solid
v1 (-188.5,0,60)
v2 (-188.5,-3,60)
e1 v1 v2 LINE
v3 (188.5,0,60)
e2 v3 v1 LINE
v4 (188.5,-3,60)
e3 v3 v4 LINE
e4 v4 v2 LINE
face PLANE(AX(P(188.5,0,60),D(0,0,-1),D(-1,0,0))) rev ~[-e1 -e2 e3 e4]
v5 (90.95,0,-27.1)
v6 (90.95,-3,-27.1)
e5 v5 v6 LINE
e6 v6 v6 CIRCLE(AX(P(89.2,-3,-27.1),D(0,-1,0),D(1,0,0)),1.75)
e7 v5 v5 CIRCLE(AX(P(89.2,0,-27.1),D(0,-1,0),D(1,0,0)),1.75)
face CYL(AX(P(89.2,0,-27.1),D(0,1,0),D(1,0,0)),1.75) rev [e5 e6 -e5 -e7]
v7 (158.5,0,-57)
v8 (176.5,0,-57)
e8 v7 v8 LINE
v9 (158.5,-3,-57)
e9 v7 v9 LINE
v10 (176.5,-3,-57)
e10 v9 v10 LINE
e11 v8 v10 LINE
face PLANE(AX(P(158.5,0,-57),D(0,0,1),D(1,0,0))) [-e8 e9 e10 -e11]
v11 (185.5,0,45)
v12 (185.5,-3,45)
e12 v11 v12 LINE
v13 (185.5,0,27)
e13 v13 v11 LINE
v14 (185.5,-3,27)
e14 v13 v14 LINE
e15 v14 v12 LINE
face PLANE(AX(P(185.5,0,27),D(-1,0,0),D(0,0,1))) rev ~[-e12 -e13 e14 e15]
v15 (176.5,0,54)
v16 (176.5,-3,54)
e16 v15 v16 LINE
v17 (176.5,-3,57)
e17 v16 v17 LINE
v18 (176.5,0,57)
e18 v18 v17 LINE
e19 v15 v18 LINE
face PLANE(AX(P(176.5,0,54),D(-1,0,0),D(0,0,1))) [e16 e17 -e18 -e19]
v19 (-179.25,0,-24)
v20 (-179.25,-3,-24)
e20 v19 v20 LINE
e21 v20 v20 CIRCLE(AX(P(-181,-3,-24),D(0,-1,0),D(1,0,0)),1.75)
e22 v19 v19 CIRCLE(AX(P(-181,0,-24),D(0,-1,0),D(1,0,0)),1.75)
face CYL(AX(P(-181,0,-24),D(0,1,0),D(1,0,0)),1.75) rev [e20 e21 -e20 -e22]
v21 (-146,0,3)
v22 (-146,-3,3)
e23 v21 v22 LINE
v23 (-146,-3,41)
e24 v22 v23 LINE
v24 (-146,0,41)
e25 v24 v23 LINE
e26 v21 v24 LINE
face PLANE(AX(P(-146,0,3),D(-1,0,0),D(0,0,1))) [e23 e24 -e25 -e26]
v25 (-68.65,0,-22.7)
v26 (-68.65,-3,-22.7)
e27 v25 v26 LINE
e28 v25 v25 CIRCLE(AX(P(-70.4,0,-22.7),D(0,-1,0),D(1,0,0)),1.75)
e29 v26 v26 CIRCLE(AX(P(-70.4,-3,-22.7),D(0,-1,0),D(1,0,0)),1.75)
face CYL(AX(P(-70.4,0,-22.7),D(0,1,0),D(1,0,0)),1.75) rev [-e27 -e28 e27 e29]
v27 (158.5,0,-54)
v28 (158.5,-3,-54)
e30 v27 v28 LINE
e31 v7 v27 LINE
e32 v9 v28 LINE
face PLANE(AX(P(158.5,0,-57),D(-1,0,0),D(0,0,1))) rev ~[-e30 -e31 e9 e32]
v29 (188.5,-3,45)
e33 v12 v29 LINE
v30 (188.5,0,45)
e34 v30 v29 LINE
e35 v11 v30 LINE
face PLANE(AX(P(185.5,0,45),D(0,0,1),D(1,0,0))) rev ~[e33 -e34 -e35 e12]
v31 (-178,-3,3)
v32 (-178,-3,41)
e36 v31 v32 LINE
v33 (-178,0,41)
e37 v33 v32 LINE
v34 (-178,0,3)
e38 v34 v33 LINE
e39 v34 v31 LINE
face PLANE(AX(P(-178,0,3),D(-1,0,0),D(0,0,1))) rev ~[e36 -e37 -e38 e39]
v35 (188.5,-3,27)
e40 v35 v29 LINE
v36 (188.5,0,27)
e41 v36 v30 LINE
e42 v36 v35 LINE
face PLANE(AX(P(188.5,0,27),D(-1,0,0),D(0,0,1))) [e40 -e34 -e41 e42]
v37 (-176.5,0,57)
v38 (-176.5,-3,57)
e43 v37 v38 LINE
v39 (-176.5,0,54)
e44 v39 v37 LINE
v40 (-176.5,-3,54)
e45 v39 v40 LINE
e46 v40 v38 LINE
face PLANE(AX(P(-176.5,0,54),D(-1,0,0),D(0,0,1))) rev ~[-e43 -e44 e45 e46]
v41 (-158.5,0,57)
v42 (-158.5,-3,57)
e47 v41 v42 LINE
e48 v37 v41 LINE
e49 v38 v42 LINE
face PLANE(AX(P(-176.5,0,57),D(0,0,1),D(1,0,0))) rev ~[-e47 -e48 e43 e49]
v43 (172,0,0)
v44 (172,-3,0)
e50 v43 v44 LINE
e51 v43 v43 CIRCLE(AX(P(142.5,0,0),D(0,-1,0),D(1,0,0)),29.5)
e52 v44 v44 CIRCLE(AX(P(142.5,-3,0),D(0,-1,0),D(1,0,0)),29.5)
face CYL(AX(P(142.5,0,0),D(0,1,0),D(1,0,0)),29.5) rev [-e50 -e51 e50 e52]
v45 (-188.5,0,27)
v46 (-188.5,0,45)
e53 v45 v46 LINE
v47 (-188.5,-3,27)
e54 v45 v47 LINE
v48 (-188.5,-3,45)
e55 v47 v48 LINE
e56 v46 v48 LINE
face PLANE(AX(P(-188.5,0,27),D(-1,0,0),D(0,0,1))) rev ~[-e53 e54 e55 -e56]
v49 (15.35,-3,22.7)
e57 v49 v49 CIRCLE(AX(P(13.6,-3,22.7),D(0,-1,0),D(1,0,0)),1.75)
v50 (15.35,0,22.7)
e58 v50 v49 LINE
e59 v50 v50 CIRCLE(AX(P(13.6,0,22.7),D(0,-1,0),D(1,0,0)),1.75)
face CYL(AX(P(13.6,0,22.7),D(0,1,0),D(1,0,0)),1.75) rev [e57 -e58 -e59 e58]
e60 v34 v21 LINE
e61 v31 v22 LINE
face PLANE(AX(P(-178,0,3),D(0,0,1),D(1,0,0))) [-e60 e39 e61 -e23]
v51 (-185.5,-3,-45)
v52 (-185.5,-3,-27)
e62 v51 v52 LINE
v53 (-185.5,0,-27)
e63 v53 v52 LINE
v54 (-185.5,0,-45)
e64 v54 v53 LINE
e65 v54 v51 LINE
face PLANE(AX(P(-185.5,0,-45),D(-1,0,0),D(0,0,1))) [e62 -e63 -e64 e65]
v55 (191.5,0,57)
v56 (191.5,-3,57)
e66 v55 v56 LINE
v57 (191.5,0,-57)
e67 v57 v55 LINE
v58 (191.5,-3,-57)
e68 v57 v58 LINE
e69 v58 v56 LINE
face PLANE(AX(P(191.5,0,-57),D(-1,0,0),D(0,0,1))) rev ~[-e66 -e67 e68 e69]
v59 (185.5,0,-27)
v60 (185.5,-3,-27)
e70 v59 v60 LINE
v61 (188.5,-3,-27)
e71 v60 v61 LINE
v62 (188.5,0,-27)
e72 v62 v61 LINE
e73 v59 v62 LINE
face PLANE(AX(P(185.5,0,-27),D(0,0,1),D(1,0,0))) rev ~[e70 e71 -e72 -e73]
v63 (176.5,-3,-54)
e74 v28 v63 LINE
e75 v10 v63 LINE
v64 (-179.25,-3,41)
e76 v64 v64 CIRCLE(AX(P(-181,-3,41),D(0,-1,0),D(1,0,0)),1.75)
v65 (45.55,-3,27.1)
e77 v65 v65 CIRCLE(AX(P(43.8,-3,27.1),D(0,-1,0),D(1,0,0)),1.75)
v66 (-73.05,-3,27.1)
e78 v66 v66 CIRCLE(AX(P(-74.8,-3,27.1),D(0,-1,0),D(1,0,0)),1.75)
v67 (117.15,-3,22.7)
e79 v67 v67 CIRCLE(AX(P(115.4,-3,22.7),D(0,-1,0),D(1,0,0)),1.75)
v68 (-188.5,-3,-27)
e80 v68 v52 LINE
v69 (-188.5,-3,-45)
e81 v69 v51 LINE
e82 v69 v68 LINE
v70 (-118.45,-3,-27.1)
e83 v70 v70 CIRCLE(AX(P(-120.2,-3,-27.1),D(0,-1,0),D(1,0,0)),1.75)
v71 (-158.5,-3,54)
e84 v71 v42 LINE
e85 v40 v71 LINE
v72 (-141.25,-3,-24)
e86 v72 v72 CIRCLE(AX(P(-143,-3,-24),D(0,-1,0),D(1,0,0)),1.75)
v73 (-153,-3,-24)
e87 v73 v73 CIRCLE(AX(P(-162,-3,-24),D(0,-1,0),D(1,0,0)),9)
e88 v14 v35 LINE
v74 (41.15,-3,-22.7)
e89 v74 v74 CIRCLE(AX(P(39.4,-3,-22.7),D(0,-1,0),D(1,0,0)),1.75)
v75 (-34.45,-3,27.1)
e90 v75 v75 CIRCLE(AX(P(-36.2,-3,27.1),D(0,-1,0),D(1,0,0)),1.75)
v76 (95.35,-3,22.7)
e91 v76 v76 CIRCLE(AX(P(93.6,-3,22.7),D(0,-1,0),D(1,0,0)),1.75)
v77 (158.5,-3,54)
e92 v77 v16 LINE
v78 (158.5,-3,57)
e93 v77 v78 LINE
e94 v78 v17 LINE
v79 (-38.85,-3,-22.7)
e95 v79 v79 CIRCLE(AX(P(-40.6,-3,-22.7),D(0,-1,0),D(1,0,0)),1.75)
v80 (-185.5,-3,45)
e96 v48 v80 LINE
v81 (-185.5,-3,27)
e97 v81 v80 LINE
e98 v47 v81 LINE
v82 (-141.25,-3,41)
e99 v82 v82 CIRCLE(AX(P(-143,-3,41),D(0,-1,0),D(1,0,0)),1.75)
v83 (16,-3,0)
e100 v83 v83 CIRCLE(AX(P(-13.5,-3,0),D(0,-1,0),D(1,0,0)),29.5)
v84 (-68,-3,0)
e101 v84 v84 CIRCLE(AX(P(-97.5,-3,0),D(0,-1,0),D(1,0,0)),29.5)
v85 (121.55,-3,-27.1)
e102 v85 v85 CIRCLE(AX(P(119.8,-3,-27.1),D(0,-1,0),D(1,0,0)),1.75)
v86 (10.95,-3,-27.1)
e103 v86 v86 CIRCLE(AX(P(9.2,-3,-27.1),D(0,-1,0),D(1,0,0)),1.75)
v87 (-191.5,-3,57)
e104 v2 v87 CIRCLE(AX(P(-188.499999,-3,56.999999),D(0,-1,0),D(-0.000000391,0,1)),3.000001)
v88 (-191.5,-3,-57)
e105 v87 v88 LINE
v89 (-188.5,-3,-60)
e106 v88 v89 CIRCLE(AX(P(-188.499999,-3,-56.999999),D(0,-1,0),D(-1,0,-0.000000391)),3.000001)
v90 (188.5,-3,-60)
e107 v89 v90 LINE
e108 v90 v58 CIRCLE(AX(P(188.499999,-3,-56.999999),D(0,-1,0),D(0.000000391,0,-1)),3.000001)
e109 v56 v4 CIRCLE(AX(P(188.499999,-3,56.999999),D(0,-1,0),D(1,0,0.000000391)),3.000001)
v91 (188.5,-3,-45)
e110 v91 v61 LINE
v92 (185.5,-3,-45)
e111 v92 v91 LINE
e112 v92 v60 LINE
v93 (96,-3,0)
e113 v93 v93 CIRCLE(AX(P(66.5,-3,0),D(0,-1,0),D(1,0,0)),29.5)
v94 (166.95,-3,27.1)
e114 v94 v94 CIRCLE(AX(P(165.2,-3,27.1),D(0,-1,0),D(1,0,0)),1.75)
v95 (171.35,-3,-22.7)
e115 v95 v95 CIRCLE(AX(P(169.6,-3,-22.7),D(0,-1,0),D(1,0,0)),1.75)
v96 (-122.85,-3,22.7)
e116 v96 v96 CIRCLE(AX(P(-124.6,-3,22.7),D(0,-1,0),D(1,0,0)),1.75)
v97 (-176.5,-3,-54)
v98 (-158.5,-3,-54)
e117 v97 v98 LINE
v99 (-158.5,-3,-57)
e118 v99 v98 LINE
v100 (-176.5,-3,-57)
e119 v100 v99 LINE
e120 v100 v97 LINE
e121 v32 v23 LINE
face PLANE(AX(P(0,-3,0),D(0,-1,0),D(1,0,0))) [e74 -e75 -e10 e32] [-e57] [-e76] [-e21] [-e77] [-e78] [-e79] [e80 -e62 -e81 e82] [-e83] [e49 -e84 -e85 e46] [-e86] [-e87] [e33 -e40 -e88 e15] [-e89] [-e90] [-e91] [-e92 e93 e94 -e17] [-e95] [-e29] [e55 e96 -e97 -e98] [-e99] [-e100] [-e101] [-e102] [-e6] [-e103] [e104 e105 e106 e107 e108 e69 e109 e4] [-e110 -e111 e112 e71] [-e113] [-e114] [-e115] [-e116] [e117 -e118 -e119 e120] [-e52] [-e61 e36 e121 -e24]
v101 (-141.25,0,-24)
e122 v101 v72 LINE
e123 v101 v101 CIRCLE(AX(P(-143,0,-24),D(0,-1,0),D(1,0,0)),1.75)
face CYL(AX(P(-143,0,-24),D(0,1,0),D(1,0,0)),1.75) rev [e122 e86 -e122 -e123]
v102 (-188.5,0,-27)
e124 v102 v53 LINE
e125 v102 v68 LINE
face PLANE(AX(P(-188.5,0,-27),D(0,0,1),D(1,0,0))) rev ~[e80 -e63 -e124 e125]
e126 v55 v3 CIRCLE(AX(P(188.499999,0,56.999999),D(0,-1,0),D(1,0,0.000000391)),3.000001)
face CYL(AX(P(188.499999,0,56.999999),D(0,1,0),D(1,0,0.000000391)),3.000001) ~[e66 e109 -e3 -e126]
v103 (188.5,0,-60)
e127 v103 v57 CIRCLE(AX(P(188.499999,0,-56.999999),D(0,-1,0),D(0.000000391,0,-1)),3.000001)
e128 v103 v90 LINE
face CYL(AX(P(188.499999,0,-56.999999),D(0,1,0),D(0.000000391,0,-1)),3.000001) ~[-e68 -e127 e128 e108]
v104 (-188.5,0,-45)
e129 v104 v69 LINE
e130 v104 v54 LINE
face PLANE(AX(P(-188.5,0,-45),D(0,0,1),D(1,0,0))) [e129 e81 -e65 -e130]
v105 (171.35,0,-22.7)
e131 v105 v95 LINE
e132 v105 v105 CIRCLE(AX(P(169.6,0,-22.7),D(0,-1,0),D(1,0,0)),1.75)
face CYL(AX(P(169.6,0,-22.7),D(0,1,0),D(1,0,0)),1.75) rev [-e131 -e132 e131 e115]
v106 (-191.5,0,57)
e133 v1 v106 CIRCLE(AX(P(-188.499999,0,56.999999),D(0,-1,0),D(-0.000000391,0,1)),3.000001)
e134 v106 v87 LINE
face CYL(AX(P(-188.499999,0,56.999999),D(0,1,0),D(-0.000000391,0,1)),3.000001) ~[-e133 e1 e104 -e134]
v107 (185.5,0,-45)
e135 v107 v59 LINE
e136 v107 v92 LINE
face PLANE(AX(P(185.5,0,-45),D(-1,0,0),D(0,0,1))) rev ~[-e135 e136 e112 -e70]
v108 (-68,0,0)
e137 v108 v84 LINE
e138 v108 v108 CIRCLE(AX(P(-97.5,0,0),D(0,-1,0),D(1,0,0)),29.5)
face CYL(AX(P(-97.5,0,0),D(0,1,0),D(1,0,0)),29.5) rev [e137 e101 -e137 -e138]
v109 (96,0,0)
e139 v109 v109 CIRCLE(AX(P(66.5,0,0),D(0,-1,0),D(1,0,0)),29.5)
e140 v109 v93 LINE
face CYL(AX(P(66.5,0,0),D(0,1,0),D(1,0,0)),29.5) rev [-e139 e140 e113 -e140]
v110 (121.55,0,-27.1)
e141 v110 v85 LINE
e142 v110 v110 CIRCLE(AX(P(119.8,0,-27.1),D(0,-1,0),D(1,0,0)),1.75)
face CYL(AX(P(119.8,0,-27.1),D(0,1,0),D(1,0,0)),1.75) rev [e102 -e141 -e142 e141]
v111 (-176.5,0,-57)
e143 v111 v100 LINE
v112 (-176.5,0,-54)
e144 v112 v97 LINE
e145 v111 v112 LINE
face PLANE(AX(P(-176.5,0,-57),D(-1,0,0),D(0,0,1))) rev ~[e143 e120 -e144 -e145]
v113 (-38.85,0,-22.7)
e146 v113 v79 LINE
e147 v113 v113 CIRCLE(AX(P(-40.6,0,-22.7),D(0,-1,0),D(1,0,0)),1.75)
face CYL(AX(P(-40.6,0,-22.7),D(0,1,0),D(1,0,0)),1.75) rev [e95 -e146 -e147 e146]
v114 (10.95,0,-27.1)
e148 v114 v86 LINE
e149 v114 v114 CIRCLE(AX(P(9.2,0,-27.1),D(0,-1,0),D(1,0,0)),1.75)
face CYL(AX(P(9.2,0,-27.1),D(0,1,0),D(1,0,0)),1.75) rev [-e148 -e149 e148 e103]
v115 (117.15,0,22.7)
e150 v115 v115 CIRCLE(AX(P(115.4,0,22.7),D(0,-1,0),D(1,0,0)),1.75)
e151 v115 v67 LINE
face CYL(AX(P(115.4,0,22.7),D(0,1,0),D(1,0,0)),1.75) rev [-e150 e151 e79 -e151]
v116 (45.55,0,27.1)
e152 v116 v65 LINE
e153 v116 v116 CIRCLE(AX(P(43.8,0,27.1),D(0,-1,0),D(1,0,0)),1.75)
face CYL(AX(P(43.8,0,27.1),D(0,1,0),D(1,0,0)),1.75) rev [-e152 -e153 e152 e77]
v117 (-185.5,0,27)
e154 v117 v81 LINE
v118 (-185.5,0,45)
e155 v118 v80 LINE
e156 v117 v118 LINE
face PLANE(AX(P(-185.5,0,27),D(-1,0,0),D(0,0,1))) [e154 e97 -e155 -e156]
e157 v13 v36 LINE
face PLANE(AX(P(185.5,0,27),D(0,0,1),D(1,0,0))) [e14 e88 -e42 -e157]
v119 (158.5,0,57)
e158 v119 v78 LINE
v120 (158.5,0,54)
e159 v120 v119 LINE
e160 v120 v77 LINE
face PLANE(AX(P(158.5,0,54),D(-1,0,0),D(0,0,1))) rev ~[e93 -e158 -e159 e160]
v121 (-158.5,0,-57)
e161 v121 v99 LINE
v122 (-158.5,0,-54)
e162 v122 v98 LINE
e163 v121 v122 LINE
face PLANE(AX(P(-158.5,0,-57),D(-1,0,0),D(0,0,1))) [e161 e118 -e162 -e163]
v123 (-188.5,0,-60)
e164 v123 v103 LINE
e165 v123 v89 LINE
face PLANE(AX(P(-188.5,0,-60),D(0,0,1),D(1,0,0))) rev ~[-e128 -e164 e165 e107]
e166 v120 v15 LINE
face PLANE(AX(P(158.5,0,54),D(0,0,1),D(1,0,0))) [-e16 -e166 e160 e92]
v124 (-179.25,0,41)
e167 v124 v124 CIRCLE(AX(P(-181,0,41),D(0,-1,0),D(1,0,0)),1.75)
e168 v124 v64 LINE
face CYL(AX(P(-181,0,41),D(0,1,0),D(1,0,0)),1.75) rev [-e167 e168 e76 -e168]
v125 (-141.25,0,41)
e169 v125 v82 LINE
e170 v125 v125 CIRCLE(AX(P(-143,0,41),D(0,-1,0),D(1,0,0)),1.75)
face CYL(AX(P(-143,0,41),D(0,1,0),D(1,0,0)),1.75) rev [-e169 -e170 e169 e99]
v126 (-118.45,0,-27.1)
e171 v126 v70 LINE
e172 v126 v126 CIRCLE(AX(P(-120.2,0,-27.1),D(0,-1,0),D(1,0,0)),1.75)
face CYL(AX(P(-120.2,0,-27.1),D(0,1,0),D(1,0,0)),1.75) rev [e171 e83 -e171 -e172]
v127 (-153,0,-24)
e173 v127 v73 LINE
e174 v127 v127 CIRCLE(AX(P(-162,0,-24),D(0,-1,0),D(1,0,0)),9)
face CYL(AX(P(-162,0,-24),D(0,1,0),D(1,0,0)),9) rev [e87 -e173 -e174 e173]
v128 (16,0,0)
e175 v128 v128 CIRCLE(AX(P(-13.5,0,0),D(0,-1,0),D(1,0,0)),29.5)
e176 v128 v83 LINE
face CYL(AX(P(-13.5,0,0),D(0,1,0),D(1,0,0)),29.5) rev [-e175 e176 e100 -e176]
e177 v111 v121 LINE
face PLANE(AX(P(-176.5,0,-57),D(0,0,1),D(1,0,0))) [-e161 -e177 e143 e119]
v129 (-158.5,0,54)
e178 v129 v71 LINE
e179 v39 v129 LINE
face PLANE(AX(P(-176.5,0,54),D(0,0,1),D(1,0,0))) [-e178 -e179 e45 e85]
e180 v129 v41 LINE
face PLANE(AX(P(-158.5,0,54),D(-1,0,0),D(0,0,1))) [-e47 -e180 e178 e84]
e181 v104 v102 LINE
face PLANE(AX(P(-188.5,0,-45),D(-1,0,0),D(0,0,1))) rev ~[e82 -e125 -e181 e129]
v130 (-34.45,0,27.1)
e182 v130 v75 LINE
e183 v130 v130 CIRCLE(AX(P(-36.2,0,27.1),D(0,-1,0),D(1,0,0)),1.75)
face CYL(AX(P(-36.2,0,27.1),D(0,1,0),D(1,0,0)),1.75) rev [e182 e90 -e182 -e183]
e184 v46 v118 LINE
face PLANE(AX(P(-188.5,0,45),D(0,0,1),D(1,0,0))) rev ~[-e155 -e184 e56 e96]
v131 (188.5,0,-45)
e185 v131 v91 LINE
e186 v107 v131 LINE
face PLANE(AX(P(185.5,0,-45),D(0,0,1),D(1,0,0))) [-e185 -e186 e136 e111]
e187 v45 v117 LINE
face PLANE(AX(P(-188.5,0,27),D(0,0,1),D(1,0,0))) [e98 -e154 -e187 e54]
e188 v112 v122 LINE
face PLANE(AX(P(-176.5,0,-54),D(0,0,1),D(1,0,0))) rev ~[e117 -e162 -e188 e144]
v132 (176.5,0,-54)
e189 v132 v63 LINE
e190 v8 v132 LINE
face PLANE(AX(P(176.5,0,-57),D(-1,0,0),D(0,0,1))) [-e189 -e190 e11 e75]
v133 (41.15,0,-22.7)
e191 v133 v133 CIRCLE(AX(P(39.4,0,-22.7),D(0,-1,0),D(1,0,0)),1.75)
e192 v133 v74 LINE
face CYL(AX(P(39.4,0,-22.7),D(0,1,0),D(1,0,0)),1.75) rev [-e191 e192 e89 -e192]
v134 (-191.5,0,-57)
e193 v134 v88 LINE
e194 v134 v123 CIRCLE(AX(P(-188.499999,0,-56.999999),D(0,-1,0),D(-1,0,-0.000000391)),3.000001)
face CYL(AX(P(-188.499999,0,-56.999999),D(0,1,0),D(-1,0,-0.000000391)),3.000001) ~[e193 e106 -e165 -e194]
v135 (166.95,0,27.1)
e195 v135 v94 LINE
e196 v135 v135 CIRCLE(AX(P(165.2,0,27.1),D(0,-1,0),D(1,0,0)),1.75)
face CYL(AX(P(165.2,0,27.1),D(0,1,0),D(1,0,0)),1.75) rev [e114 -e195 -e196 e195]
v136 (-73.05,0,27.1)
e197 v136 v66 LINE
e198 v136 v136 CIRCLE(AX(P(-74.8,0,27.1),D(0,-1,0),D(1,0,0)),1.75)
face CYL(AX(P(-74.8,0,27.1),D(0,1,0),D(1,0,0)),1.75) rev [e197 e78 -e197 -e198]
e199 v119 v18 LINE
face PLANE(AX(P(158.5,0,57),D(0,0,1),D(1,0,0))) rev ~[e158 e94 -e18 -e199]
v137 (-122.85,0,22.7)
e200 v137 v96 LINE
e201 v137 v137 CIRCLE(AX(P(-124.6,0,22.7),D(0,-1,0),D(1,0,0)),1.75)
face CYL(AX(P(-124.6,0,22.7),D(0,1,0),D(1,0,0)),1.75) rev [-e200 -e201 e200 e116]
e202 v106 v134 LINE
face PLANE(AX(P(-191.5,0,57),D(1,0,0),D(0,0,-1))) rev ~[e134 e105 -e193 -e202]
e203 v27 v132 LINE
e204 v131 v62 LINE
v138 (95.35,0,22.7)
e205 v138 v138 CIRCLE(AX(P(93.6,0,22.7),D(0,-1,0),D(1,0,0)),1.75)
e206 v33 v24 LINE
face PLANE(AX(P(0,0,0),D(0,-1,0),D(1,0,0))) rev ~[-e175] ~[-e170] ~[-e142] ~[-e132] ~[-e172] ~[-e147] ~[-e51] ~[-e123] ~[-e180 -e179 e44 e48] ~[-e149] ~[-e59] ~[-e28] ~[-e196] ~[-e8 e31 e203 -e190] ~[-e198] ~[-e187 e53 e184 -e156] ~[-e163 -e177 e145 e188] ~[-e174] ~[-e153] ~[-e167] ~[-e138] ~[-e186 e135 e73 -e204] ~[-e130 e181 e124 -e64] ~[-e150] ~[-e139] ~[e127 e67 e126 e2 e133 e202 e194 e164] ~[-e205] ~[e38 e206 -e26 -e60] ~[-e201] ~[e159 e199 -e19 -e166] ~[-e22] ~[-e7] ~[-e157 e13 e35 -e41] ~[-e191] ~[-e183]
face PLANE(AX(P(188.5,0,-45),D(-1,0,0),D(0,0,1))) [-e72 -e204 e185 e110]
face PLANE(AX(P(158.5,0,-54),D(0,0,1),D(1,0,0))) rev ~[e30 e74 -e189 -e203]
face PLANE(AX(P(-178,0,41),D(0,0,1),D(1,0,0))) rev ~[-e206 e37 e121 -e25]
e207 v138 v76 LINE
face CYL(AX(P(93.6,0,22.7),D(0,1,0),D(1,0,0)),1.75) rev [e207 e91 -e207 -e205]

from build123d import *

# Parameters (mm, degrees)
F0_W     = 18
F0_H     = 3
F0_W_2   = 3
F0_H_2   = 18
F0_R     = 1.75
F0_R_2   = 9
F0_R_3   = 29.5
F0_W_3   = 32
F0_H_3   = 38
F1_DEPTH = 3


with BuildPart() as f1:
    # F0 (on Front) → F1 (new body)
    with BuildSketch(Plane.XZ):
        with BuildLine():
            Line((188.5, 60), (-188.5, 60))
            ThreePointArc((-188.5, 60), (-190.62132, 59.12132), (-191.5, 57))
            Line((-191.5, 57), (-191.5, -57))
            ThreePointArc((-191.5, -57), (-190.62132, -59.12132), (-188.5, -60))
            Line((-188.5, -60), (188.5, -60))
            ThreePointArc((188.5, -60), (190.62132, -59.12132), (191.5, -57))
            Line((191.5, -57), (191.5, 57))
            ThreePointArc((191.5, 57), (190.62132, 59.12132), (188.5, 60))
        make_face()
        with Locations((-167.5, -55.5)):
            Rectangle(F0_W, F0_H, mode=Mode.SUBTRACT)
        with Locations((-187, -36)):
            Rectangle(F0_W_2, F0_H_2, mode=Mode.SUBTRACT)
        with Locations((-181, -24)):
            Circle(F0_R, mode=Mode.SUBTRACT)
        with Locations((-162, -24)):
            Circle(F0_R_2, mode=Mode.SUBTRACT)
        with Locations((-120.2, -27.1)):
            Circle(F0_R, mode=Mode.SUBTRACT)
        with Locations((-143, -24)):
            Circle(F0_R, mode=Mode.SUBTRACT)
        with Locations((-70.4, -22.7)):
            Circle(F0_R, mode=Mode.SUBTRACT)
        with Locations((-40.6, -22.7)):
            Circle(F0_R, mode=Mode.SUBTRACT)
        with Locations((167.5, -55.5)):
            Rectangle(F0_W, F0_H, mode=Mode.SUBTRACT)
        with Locations((187, -36)):
            Rectangle(F0_W_2, F0_H_2, mode=Mode.SUBTRACT)
        with Locations((9.2, -27.1)):
            Circle(F0_R, mode=Mode.SUBTRACT)
        with Locations((39.4, -22.7)):
            Circle(F0_R, mode=Mode.SUBTRACT)
        with Locations((89.2, -27.1)):
            Circle(F0_R, mode=Mode.SUBTRACT)
        with Locations((119.8, -27.1)):
            Circle(F0_R, mode=Mode.SUBTRACT)
        with Locations((169.6, -22.7)):
            Circle(F0_R, mode=Mode.SUBTRACT)
        with Locations((-97.5, 0)):
            Circle(F0_R_3, mode=Mode.SUBTRACT)
        with Locations((-162, 22)):
            Rectangle(F0_W_3, F0_H_3, mode=Mode.SUBTRACT)
        with Locations((-124.6, 22.7)):
            Circle(F0_R, mode=Mode.SUBTRACT)
        with Locations((-13.5, 0)):
            Circle(F0_R_3, mode=Mode.SUBTRACT)
        with Locations((-74.8, 27.1)):
            Circle(F0_R, mode=Mode.SUBTRACT)
        with Locations((-36.2, 27.1)):
            Circle(F0_R, mode=Mode.SUBTRACT)
        with Locations((-187, 36)):
            Rectangle(F0_W_2, F0_H_2, mode=Mode.SUBTRACT)
        with Locations((-181, 41)):
            Circle(F0_R, mode=Mode.SUBTRACT)
        with Locations((-143, 41)):
            Circle(F0_R, mode=Mode.SUBTRACT)
        with Locations((-167.5, 55.5)):
            Rectangle(F0_W, F0_H, mode=Mode.SUBTRACT)
        with Locations((66.5, 0)):
            Circle(F0_R_3, mode=Mode.SUBTRACT)
        with Locations((13.6, 22.7)):
            Circle(F0_R, mode=Mode.SUBTRACT)
        with Locations((43.8, 27.1)):
            Circle(F0_R, mode=Mode.SUBTRACT)
        with Locations((93.6, 22.7)):
            Circle(F0_R, mode=Mode.SUBTRACT)
        with Locations((142.5, 0)):
            Circle(F0_R_3, mode=Mode.SUBTRACT)
        with Locations((115.4, 22.7)):
            Circle(F0_R, mode=Mode.SUBTRACT)
        with Locations((165.2, 27.1)):
            Circle(F0_R, mode=Mode.SUBTRACT)
        with Locations((187, 36)):
            Rectangle(F0_W_2, F0_H_2, mode=Mode.SUBTRACT)
        with Locations((167.5, 55.5)):
            Rectangle(F0_W, F0_H, mode=Mode.SUBTRACT)
    extrude(amount=F1_DEPTH)


solid = f1.part
